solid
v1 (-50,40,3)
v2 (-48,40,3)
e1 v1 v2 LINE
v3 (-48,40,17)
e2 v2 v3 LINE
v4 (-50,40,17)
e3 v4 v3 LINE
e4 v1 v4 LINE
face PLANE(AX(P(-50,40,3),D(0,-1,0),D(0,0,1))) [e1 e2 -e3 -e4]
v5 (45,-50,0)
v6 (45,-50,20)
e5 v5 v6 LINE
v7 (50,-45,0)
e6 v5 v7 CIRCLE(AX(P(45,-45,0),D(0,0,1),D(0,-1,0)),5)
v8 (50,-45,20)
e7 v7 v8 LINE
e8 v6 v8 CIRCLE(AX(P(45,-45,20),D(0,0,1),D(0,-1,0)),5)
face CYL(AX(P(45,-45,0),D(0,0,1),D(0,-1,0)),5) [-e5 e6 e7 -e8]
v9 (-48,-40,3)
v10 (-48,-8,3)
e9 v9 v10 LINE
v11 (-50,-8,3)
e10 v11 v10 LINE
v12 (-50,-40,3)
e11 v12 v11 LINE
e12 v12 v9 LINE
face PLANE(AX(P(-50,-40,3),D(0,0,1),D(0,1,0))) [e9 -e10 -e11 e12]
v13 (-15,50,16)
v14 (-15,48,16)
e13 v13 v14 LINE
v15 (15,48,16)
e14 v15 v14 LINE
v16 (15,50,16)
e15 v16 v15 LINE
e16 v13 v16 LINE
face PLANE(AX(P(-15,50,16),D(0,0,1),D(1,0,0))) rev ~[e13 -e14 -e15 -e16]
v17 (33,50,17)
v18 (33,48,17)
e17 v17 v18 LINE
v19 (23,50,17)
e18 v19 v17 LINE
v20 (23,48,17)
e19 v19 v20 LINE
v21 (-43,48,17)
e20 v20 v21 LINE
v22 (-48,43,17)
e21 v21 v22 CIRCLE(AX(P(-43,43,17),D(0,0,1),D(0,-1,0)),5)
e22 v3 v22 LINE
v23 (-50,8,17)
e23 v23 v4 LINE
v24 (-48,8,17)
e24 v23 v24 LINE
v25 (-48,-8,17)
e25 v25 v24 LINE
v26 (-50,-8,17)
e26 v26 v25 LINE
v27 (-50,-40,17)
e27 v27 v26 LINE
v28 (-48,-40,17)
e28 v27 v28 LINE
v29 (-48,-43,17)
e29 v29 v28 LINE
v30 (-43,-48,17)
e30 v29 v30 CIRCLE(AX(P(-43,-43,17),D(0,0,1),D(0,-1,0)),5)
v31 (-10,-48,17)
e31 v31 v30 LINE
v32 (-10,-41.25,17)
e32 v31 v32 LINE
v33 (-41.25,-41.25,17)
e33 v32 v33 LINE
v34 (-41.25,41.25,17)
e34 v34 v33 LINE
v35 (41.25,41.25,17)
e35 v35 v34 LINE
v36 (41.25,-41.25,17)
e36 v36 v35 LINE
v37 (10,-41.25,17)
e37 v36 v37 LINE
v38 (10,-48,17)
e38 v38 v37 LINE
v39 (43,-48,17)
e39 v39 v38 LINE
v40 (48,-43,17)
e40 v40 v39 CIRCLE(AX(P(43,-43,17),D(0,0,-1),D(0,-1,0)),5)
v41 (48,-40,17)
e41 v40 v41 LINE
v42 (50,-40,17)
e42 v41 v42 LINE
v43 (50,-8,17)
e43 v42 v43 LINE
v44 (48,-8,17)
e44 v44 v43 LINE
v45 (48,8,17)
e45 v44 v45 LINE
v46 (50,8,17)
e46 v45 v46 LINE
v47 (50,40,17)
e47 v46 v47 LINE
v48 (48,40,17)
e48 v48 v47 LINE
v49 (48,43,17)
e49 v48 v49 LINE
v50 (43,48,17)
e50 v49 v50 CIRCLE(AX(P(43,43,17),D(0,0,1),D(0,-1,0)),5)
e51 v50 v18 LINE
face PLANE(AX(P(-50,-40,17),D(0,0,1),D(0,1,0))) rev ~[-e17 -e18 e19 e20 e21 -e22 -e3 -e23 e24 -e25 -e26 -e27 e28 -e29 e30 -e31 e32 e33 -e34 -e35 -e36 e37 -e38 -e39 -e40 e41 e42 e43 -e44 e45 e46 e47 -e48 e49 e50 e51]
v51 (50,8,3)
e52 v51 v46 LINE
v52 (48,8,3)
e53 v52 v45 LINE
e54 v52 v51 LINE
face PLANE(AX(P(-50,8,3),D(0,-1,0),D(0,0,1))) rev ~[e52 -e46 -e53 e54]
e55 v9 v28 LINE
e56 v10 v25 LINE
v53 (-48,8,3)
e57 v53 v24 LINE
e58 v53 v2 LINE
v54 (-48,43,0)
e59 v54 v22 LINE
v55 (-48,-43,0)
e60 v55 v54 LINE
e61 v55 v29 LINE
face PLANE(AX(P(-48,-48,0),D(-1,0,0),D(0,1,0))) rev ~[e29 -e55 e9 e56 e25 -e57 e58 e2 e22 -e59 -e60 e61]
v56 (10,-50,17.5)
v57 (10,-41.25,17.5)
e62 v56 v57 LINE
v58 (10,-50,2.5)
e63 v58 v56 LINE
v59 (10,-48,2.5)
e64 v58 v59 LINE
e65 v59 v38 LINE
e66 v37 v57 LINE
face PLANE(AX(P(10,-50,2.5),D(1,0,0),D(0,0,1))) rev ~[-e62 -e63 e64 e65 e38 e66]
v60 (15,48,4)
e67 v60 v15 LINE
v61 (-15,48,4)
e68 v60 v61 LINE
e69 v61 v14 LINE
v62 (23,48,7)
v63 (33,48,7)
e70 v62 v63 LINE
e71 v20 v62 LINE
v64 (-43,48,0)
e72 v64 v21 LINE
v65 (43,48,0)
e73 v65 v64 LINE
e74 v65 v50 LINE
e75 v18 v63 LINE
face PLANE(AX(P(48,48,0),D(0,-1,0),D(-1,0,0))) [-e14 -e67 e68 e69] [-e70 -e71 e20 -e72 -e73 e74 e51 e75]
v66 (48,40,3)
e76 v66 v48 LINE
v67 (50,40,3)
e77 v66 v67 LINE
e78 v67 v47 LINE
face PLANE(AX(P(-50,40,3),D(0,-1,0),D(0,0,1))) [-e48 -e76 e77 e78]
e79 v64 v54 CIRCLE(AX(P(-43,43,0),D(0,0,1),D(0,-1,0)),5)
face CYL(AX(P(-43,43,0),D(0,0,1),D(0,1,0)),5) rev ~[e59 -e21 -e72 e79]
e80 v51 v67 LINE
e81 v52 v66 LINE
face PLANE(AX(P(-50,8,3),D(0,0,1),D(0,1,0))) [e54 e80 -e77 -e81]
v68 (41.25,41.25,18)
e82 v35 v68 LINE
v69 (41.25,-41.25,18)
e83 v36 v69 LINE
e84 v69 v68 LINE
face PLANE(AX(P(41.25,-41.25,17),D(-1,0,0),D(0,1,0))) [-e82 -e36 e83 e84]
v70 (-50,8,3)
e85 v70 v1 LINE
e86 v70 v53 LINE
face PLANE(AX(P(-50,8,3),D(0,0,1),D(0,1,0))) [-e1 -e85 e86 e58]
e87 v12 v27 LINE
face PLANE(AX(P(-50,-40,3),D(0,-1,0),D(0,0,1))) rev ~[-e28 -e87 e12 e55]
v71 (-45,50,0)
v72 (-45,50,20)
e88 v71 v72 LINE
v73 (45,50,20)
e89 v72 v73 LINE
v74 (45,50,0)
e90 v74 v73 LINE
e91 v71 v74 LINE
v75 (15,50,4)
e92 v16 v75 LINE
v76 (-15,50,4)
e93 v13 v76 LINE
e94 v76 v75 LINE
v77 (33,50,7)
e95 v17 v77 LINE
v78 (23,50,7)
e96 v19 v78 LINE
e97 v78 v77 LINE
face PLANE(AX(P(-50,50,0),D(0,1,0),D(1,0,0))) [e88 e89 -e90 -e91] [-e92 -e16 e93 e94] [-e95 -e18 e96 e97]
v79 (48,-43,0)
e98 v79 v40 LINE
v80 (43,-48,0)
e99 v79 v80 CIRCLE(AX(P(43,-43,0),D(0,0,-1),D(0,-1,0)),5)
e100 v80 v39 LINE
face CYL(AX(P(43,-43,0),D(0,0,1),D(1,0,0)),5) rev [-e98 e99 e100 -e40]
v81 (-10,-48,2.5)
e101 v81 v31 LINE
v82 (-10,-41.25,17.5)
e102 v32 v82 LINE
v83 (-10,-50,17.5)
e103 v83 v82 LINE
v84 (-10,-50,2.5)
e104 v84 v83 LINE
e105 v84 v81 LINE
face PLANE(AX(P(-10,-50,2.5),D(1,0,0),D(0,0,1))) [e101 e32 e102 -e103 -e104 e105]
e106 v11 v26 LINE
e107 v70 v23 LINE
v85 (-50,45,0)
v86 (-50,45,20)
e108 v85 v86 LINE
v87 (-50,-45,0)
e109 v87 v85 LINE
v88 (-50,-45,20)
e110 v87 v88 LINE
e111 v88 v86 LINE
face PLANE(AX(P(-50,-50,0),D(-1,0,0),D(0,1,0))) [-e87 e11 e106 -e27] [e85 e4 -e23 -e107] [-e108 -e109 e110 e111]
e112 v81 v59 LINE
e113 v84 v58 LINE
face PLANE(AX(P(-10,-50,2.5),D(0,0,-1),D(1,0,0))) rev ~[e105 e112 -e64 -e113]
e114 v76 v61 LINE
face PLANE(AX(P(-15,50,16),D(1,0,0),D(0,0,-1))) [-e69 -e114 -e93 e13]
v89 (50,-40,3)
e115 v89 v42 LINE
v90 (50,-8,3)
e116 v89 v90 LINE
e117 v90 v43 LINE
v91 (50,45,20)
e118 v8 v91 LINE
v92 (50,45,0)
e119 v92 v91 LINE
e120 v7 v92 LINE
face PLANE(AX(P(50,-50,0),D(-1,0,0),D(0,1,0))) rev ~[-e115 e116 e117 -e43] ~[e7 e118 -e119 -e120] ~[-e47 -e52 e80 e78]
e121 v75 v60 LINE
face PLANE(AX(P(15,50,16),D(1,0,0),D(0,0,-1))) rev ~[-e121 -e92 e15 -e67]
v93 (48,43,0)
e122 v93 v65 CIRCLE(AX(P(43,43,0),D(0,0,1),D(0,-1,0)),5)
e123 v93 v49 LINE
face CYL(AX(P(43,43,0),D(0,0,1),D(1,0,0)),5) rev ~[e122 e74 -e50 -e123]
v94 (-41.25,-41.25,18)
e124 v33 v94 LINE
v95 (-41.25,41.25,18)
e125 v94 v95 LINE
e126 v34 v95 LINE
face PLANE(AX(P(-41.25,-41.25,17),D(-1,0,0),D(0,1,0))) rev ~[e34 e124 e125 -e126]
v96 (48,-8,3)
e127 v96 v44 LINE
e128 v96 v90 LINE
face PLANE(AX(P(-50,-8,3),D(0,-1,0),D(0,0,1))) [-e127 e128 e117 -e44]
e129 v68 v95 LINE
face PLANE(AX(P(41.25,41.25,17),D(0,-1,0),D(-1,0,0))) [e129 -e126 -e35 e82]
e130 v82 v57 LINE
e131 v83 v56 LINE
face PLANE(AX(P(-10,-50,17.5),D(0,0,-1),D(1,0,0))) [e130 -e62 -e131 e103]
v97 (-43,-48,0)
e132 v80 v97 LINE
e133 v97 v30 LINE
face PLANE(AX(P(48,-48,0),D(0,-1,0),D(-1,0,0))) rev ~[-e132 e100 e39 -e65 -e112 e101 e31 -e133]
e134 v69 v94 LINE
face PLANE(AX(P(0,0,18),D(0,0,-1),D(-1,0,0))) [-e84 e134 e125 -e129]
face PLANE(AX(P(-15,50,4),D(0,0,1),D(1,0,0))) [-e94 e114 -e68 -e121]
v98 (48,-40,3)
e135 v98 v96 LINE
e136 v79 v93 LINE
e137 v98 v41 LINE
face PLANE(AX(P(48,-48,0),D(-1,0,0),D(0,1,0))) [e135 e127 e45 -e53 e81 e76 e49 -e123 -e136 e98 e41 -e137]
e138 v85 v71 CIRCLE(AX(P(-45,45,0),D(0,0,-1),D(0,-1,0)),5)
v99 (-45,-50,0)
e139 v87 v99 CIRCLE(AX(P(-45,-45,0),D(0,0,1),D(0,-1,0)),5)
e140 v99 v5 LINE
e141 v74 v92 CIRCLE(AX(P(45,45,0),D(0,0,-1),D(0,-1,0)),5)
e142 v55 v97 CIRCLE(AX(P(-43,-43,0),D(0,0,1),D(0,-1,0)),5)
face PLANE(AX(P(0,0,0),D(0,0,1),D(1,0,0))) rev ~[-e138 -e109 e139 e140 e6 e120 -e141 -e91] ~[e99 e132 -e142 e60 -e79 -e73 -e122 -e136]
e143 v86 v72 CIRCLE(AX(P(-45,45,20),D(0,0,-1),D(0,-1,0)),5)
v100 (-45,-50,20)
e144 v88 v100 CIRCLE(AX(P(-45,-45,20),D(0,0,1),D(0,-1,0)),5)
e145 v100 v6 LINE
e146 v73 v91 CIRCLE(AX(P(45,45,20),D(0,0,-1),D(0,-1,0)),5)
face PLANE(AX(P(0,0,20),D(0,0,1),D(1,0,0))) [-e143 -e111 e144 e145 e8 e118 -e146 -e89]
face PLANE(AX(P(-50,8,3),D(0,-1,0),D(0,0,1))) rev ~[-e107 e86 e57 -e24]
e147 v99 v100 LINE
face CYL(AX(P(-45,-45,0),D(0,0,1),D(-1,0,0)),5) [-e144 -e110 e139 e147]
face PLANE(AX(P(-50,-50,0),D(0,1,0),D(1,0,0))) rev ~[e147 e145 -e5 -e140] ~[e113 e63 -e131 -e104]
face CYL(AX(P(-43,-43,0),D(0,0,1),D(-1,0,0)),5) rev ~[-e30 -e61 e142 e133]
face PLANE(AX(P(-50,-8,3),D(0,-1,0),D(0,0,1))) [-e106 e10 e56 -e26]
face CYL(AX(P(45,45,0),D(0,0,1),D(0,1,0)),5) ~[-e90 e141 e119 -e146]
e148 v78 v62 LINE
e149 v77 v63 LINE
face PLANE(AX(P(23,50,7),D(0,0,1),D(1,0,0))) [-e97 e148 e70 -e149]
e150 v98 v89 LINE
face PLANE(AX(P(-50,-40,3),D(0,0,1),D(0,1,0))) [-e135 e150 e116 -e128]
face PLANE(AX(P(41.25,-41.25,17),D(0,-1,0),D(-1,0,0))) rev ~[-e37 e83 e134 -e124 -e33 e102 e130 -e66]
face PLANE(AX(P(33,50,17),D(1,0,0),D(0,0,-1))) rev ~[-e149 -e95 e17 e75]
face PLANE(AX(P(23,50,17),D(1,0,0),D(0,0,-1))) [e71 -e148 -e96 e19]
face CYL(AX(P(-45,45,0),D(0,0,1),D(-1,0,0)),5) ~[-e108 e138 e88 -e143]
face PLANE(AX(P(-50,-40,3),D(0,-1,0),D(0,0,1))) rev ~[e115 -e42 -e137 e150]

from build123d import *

# Parameters (mm, degrees)
SKETCH_2_W          = 100
SKETCH_2_H          = 100
EXTRUDE_1_DEPTH     = 20
SKETCH_3_W          = 10
SKETCH_3_H          = 10
CUT_EXTRUDE_1_DEPTH = 12
SKETCH_4_W          = 96
SKETCH_4_H          = 96
CUT_EXTRUDE_2_DEPTH = 17
SKETCH_5_W          = 82.5
SKETCH_5_H          = 82.5
CUT_EXTRUDE_3_DEPTH = 1
FILLET_1_R          = 5
FILLET_2_R          = 5
SKETCH_8_W          = 14
SKETCH_8_H          = 32
CUT_EXTRUDE_4_DEPTH = 114.578166916
SKETCH_9_W          = 20
SKETCH_9_H          = 15
CUT_EXTRUDE_5_DEPTH = 10
SKETCH_10_W         = 30
SKETCH_10_H         = 12
CUT_EXTRUDE_6_DEPTH = 10


with BuildPart() as part:
    # 草图2 → 凸台-拉伸1 (new body)
    with BuildSketch(Plane.XY):
        Rectangle(SKETCH_2_W, SKETCH_2_H)
    extrude(amount=EXTRUDE_1_DEPTH)

    # 草图3 → 切除-拉伸1 (cut)
    with BuildSketch(Plane(origin=(0, 50, 0), x_dir=(1, 0, 0), z_dir=(0, 1, 0))):
        with Locations((28, -12)):
            Rectangle(SKETCH_3_W, SKETCH_3_H)
    extrude(amount=-CUT_EXTRUDE_1_DEPTH, mode=Mode.SUBTRACT)

    # 草图4 → 切除-拉伸2 (cut)
    with BuildSketch(Plane(origin=(0, 0, 0), x_dir=(-1, 0, 0), z_dir=(0, 0, -1))):
        Rectangle(SKETCH_4_W, SKETCH_4_H)
    extrude(amount=-CUT_EXTRUDE_2_DEPTH, mode=Mode.SUBTRACT)

    # 草图5 → 切除-拉伸3 (cut)
    with BuildSketch(Plane(origin=(0, 0, 17), x_dir=(-1, 0, 0), z_dir=(0, 0, -1))):
        Rectangle(SKETCH_5_W, SKETCH_5_H)
    extrude(amount=-CUT_EXTRUDE_3_DEPTH, mode=Mode.SUBTRACT)

    # 圆角1
    fillet_1_edges = [part.edges().sort_by_distance(p)[0] for p in [
        (48, 48, 8.5),
        (-48, 48, 8.5),
        (-48, -48, 8.5),
        (48, -48, 8.5),
    ]]
    fillet(fillet_1_edges, radius=FILLET_1_R)

    # 圆角2
    fillet_2_edges = [part.edges().sort_by_distance(p)[0] for p in [
        (50, -50, 10),
        (-50, -50, 10),
        (-50, 50, 10),
        (50, 50, 10),
    ]]
    fillet(fillet_2_edges, radius=FILLET_2_R)

    # 草图8 → 切除-拉伸4 (cut, through all)
    with BuildSketch(Plane.ZY.offset(50)):
        with Locations((10, -24)):
            Rectangle(SKETCH_8_W, SKETCH_8_H)
        with Locations((10, 24)):
            Rectangle(SKETCH_8_W, SKETCH_8_H)
    extrude(amount=-CUT_EXTRUDE_4_DEPTH, mode=Mode.SUBTRACT)

    # 草图9 → 切除-拉伸5 (cut)
    with BuildSketch(Plane.XZ.offset(50)):
        with Locations((0, 10)):
            Rectangle(SKETCH_9_W, SKETCH_9_H)
    extrude(amount=-CUT_EXTRUDE_5_DEPTH, mode=Mode.SUBTRACT)

    # 草图10 → 切除-拉伸6 (cut)
    with BuildSketch(Plane(origin=(0, 50, 0), x_dir=(1, 0, 0), z_dir=(0, 1, 0))):
        with Locations((0, -10)):
            Rectangle(SKETCH_10_W, SKETCH_10_H)
    extrude(amount=-CUT_EXTRUDE_6_DEPTH, mode=Mode.SUBTRACT)


solid = part.part
